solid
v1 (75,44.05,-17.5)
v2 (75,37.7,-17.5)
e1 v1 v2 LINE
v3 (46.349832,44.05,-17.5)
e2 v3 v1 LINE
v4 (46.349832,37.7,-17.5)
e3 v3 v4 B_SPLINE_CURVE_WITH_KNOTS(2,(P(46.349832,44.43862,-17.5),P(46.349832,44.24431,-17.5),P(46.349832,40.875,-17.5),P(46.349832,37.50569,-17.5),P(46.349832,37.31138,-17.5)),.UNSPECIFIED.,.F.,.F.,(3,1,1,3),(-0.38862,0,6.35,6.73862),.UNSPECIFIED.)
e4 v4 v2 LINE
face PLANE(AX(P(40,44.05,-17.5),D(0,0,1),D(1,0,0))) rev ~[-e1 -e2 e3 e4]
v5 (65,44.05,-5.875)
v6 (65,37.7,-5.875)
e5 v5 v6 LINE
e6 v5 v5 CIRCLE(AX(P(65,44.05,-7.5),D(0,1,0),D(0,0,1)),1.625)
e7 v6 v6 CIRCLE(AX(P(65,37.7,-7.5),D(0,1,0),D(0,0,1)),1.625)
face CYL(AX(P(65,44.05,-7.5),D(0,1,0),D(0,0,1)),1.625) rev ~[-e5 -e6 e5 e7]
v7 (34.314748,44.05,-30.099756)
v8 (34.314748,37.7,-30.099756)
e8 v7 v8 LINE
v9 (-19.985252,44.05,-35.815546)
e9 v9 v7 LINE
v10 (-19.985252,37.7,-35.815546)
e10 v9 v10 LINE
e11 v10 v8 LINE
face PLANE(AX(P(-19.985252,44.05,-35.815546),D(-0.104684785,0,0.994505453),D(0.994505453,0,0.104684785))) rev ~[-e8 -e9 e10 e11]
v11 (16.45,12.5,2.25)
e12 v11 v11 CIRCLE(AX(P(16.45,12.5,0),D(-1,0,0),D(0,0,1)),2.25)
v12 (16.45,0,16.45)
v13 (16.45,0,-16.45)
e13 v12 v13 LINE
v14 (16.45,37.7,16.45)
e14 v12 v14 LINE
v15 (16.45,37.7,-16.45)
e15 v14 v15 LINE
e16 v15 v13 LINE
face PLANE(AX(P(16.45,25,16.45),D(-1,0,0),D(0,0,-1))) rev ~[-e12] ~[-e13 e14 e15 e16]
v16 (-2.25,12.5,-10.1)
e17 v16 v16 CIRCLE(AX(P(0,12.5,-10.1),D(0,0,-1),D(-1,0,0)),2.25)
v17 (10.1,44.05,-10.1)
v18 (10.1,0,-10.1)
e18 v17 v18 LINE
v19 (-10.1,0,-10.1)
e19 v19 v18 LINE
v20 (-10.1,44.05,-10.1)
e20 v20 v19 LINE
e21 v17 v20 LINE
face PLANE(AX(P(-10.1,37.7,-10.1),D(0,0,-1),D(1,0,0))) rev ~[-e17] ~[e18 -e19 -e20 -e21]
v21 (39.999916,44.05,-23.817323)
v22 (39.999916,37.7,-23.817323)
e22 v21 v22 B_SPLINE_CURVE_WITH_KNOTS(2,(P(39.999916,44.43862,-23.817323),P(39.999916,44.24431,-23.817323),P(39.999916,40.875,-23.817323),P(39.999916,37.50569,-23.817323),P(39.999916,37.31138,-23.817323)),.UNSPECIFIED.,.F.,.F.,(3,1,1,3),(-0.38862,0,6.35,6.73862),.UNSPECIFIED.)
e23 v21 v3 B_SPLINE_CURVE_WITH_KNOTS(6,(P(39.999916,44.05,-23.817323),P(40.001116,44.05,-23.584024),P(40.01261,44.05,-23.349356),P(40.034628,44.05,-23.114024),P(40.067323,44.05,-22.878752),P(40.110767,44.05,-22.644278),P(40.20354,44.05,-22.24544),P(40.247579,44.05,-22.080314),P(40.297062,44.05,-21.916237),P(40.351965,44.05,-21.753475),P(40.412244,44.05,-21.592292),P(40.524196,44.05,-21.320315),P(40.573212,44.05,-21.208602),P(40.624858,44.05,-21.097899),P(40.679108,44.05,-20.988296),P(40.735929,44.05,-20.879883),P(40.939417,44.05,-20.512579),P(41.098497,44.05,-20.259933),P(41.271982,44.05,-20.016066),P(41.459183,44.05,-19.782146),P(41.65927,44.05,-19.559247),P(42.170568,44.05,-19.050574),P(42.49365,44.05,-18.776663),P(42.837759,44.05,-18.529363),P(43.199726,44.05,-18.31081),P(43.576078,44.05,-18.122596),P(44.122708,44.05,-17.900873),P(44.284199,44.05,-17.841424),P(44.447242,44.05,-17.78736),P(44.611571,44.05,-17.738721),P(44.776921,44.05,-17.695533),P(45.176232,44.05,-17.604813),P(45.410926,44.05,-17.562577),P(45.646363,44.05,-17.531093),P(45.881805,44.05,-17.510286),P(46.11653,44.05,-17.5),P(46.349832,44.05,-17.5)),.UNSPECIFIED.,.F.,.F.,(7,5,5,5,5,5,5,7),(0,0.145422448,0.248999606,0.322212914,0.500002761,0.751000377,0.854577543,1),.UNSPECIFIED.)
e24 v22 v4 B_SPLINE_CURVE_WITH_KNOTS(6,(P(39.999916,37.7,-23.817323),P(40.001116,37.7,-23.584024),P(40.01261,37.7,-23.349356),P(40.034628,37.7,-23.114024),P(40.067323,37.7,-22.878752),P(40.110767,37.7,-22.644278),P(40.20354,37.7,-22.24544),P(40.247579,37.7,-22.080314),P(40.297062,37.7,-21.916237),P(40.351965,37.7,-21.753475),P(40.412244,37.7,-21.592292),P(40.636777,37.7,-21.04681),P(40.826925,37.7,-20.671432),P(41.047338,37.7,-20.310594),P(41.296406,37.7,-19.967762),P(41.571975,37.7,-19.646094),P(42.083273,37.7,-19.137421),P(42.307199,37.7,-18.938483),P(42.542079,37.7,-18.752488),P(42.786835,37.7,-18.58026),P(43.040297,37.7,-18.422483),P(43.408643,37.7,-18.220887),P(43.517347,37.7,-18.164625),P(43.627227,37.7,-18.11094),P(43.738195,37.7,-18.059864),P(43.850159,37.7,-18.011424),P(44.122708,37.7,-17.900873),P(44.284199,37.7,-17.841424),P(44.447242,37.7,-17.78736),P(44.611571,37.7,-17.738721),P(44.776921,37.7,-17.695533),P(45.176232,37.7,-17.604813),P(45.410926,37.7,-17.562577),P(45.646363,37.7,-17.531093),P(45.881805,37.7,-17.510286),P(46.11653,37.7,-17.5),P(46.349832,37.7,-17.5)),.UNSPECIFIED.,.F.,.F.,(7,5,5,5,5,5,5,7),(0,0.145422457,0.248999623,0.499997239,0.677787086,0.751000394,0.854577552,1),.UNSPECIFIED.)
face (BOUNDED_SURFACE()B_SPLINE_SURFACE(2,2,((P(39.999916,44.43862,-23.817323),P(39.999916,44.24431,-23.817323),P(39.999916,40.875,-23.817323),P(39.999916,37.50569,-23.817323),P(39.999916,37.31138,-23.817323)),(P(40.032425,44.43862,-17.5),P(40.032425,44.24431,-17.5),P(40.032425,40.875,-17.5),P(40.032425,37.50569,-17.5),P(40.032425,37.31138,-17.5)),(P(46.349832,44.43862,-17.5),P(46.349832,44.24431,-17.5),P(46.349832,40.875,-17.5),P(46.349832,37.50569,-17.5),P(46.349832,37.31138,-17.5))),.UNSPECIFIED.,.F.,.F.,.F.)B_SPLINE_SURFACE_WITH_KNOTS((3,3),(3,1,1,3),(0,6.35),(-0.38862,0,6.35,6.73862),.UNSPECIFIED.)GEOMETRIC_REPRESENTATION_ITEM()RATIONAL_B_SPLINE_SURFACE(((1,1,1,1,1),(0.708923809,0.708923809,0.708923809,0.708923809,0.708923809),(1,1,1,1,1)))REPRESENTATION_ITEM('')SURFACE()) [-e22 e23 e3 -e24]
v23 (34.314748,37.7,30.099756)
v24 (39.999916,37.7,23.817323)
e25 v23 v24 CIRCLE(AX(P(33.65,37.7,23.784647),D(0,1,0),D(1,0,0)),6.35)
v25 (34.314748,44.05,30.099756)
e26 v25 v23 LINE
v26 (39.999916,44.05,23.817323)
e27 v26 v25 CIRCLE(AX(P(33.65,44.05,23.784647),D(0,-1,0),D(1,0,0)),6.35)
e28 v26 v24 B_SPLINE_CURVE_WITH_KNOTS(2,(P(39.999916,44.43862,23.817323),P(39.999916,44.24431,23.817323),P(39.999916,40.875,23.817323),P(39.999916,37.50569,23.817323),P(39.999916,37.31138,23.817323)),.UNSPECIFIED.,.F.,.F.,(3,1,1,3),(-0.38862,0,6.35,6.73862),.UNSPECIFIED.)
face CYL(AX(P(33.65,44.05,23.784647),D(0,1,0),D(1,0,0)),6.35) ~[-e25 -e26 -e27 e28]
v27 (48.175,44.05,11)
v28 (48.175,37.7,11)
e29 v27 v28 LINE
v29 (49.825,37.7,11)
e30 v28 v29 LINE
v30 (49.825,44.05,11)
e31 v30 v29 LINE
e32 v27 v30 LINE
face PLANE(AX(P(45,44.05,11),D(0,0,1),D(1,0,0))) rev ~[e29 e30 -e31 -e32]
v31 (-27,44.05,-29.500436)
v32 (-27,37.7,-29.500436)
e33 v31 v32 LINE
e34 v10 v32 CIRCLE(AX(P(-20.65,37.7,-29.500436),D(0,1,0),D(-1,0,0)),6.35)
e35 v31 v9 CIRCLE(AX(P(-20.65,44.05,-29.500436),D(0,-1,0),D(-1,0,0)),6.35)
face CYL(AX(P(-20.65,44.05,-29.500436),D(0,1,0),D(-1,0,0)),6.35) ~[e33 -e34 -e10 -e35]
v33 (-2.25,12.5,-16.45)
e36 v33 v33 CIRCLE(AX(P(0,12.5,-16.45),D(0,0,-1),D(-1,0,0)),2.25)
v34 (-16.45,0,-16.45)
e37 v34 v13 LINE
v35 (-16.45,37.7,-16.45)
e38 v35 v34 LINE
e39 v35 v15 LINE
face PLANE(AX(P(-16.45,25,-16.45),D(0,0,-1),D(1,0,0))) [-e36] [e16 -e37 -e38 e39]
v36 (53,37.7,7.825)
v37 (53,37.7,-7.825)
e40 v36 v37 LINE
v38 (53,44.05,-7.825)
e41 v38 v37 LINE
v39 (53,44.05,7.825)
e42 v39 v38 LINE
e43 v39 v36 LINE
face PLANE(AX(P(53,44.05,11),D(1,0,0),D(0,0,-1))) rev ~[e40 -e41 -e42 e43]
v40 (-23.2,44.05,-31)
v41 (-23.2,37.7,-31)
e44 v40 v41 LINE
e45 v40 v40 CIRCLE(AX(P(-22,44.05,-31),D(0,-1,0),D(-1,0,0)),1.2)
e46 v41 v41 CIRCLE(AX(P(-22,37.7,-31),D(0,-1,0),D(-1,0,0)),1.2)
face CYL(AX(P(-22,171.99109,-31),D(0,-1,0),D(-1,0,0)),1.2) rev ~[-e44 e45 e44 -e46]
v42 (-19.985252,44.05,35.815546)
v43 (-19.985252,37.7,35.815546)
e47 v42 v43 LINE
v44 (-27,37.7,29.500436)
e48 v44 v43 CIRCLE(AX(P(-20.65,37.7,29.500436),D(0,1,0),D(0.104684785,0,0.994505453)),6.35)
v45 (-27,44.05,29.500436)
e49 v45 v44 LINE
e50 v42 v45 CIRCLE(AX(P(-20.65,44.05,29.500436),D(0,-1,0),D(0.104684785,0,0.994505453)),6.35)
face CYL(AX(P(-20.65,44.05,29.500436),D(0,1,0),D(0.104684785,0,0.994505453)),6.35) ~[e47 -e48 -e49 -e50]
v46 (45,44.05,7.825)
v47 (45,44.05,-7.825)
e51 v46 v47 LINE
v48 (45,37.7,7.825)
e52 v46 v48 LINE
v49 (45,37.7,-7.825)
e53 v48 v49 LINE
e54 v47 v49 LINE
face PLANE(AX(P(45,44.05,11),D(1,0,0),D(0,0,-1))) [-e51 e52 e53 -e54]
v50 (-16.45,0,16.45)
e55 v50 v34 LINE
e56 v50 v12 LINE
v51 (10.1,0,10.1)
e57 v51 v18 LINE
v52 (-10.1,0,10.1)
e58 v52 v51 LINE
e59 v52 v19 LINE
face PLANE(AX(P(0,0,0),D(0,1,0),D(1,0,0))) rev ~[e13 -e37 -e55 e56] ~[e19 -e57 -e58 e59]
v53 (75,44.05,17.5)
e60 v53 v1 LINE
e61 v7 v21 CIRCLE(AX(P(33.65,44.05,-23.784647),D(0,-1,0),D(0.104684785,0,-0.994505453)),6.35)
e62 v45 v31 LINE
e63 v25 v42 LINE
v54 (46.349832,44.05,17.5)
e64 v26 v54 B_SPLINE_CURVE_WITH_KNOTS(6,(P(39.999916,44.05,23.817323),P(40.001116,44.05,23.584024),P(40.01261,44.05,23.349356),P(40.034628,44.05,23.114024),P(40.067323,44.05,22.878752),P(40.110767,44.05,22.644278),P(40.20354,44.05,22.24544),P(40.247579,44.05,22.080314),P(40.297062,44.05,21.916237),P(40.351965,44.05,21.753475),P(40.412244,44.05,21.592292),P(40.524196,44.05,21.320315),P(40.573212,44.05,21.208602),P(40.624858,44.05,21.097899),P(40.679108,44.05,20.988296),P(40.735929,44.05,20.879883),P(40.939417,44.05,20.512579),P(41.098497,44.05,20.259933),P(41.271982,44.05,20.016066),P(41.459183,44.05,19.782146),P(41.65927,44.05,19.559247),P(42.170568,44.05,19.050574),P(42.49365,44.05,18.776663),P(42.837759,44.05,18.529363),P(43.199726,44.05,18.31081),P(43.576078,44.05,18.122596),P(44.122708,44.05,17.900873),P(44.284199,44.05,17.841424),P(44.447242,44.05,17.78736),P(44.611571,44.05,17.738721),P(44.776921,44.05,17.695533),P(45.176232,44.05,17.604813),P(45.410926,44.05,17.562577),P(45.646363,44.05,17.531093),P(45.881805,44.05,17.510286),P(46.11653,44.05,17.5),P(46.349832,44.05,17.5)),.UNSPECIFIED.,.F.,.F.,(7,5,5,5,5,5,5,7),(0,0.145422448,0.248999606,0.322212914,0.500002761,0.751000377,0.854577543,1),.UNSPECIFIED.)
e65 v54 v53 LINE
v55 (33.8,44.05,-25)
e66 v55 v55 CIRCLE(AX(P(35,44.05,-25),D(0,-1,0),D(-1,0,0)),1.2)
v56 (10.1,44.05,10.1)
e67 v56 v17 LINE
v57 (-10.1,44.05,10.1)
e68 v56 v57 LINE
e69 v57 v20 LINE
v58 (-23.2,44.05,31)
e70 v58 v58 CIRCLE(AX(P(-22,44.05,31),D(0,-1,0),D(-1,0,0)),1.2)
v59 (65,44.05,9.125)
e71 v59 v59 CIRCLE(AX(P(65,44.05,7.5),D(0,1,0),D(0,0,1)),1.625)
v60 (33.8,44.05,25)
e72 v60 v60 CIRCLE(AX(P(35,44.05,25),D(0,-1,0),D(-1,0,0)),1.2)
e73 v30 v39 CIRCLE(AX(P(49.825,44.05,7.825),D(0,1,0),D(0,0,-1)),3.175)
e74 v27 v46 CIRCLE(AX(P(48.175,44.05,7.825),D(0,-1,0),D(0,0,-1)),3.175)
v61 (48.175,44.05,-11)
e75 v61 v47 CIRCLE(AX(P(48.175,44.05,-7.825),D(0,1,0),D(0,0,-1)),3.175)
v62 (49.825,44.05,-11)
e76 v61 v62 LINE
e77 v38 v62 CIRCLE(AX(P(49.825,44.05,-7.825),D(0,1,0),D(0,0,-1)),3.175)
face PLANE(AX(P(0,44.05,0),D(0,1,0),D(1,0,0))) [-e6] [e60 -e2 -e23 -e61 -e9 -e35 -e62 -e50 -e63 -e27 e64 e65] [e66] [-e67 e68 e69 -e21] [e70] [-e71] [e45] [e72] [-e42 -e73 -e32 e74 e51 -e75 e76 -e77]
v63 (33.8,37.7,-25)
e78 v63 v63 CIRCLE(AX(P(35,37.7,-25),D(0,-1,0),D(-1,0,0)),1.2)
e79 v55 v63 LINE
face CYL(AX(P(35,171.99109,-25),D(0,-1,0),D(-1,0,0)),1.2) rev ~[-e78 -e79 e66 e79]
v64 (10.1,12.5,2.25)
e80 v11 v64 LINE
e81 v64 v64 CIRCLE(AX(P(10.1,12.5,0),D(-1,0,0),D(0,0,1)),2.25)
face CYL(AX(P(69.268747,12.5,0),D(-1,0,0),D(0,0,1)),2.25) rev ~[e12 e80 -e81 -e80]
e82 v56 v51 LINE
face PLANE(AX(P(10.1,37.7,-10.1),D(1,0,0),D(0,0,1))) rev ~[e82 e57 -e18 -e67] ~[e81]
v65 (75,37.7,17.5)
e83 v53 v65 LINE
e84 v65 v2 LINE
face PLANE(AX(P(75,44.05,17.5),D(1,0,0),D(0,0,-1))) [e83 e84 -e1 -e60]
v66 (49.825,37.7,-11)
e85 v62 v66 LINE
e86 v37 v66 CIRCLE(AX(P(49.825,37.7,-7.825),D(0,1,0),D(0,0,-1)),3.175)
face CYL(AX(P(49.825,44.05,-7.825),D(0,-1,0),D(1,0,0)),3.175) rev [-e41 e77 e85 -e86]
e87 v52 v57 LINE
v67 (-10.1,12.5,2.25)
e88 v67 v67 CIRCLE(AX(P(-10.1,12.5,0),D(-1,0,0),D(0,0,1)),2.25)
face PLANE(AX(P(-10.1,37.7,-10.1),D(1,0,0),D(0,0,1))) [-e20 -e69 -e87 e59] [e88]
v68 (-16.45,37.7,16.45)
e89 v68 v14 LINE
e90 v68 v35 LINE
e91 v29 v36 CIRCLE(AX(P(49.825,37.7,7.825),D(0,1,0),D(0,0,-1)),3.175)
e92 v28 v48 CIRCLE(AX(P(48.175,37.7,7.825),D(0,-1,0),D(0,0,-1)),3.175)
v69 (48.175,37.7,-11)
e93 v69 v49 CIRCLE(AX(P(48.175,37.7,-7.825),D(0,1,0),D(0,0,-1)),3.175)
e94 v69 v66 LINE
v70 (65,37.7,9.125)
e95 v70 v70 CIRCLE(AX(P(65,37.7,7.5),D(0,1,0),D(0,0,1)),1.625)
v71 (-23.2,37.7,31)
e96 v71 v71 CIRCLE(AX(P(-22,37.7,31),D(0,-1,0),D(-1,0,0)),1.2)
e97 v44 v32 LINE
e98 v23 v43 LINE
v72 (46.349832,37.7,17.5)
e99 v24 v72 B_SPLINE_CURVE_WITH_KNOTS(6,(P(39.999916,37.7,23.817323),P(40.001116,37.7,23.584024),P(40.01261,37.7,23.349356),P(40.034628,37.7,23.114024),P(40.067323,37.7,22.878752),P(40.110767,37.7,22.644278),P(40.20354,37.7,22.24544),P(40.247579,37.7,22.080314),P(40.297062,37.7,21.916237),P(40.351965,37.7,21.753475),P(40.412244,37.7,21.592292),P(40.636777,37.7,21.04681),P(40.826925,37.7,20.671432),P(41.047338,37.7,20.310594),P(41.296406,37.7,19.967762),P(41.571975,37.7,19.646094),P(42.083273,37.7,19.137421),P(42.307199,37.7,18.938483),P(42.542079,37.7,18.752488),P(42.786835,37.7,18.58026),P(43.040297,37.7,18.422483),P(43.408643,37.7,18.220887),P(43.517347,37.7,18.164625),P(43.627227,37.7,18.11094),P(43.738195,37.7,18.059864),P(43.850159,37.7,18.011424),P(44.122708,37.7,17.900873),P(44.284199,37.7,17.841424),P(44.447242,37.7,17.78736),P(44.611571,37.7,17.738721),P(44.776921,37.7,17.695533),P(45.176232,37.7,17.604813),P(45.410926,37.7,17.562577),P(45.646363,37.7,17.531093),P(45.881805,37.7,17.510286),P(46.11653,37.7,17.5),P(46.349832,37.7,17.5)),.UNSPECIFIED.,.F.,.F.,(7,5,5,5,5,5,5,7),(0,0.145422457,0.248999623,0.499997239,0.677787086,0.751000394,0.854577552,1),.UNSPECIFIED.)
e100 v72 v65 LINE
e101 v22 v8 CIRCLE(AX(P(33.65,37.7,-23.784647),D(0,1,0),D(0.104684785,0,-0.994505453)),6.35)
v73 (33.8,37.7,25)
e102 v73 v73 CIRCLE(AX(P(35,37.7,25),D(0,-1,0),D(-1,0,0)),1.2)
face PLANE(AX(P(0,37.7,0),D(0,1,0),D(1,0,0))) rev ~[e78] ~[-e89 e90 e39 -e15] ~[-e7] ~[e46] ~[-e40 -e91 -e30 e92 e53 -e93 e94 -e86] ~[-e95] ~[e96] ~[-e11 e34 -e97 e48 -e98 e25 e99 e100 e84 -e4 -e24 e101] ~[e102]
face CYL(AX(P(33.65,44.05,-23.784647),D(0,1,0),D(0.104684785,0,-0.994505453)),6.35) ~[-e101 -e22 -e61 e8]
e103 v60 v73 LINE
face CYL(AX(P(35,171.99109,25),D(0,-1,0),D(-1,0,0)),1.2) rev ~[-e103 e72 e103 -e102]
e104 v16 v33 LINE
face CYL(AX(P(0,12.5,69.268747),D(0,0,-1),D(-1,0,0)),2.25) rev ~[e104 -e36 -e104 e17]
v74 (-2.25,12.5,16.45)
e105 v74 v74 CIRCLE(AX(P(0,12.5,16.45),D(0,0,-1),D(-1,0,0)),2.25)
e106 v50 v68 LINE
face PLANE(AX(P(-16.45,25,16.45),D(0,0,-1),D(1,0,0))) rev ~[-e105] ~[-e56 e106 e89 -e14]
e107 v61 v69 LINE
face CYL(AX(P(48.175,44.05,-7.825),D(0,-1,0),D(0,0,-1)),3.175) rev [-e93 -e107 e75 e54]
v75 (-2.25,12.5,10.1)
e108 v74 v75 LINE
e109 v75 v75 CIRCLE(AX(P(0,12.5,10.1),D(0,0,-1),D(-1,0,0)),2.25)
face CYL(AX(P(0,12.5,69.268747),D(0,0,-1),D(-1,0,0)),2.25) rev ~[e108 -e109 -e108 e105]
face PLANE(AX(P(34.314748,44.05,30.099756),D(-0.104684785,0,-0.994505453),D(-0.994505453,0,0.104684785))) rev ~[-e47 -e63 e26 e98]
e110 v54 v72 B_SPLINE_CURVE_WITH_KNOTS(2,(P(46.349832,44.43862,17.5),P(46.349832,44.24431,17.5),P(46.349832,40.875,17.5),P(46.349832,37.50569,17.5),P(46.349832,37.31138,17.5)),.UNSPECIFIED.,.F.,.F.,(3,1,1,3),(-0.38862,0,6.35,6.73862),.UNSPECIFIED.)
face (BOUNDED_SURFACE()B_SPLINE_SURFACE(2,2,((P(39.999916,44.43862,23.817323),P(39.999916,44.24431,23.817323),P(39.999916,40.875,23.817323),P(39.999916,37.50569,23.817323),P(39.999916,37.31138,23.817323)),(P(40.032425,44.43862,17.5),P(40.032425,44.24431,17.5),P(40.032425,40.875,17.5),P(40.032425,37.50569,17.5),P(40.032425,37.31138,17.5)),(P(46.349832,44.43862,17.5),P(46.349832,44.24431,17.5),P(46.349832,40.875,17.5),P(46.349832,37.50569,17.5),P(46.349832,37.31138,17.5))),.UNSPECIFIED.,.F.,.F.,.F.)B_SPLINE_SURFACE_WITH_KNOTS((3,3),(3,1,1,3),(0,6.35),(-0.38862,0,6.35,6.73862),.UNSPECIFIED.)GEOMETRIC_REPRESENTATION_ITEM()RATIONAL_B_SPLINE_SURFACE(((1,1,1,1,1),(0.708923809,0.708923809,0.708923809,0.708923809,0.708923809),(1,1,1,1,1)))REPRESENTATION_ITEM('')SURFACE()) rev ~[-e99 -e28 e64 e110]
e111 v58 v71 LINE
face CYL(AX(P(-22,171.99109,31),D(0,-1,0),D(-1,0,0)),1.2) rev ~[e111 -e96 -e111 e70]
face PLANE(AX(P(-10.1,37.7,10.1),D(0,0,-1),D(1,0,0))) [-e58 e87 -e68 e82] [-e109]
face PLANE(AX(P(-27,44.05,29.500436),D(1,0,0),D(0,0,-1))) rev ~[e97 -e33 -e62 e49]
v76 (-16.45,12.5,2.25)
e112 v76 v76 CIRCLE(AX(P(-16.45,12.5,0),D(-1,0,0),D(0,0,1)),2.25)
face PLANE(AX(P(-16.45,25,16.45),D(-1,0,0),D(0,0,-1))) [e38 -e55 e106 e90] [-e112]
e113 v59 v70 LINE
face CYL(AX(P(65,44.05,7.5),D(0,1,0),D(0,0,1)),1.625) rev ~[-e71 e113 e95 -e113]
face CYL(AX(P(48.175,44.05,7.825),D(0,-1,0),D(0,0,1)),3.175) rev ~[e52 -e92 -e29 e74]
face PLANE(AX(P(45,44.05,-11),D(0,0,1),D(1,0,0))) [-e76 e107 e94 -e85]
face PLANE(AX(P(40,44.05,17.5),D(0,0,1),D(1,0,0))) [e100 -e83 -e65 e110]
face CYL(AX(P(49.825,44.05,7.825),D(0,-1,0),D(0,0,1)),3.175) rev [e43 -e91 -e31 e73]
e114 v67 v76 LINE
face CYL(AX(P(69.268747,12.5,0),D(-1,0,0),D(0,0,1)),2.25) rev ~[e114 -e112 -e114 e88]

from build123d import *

# Parameters (mm, degrees)
SKETCH1_W            = 32.9
SKETCH1_H            = 32.9
SKETCH1_W_2          = 20.2
SKETCH1_H_2          = 20.2
BOSS_EXTRUDE1_DEPTH  = 25
M4_CLEARANCE_HOLE1_D = 4.5
M4_CLEARANCE_HOLE2_D = 4.5
SKETCH8_W            = 32.9
SKETCH8_H            = 32.9
SKETCH8_W_2          = 20.2
SKETCH8_H_2          = 20.2
BOSS_EXTRUDE2_DEPTH  = 12.7
SKETCH9_W            = 87.4
SKETCH9_H            = 82.4
BOSS_EXTRUDE3_DEPTH  = 6.35
M2_CLEARANCE_HOLE1_D = 2.4
SKETCH13_W           = 20.2
SKETCH13_H           = 20.2
CUT_EXTRUDE1_DEPTH   = 71.911353111
SKETCH14_W           = 87.4
SKETCH14_H           = 82.4
CUT_EXTRUDE2_DEPTH   = 75.481759512
SKETCH15_W           = 35
SKETCH15_H           = 35
SKETCH15_R           = 1.625
BOSS_EXTRUDE4_DEPTH  = 6.35
FILLET1_R            = 6.35
SKETCH16_W           = 8
SKETCH16_H           = 22
CUT_EXTRUDE3_DEPTH   = 95.077926699
FILLET2_R            = 3.175


with BuildPart() as part:
    # Sketch1 → Boss-Extrude1 (new body)
    with BuildSketch(Plane(origin=(0, 0, 0), x_dir=(1, 0, 0), z_dir=(0, 1, 0))):
        Rectangle(SKETCH1_W, SKETCH1_H)
        Rectangle(SKETCH1_W_2, SKETCH1_H_2, mode=Mode.SUBTRACT)
    extrude(amount=BOSS_EXTRUDE1_DEPTH)

    # M4 Clearance Hole1 (through all)
    with Locations(Plane.XY.offset(16.45)):
        with Locations((0, 12.5)):
            Hole(M4_CLEARANCE_HOLE1_D / 2)

    # M4 Clearance Hole2 (through all)
    with Locations(Plane(origin=(16.45, 0, 0), x_dir=(0, 0, -1), z_dir=(1, 0, 0))):
        with Locations((0, 12.5)):
            Hole(M4_CLEARANCE_HOLE2_D / 2)

    # Sketch8 → Boss-Extrude2 (add)
    with BuildSketch(Plane(origin=(0, 25, 0), x_dir=(1, 0, 0), z_dir=(0, 1, 0))):
        Rectangle(SKETCH8_W, SKETCH8_H)
        Rectangle(SKETCH8_W_2, SKETCH8_H_2, mode=Mode.SUBTRACT)
    extrude(amount=BOSS_EXTRUDE2_DEPTH)

    # Sketch9 → Boss-Extrude3 (add)
    with BuildSketch(Plane(origin=(0, 37.7, 0), x_dir=(1, 0, 0), z_dir=(0, 1, 0))):
        Rectangle(SKETCH9_W, SKETCH9_H)
    extrude(amount=BOSS_EXTRUDE3_DEPTH)

    # M2 Clearance Hole1 (through all)
    with Locations(Plane(origin=(0, 44.05, 0), x_dir=(1, 0, 0), z_dir=(0, 1, 0))):
        with Locations((35, -25), (-22, -31), (-22, 31), (35, 25)):
            Hole(M2_CLEARANCE_HOLE1_D / 2)

    # Sketch13 → Cut-Extrude1 (cut, through all)
    with BuildSketch(Plane.XZ.offset(-37.7)):
        Rectangle(SKETCH13_W, SKETCH13_H)
    extrude(amount=-CUT_EXTRUDE1_DEPTH, mode=Mode.SUBTRACT)

    # Sketch14 → Cut-Extrude2 (cut, through all)
    with BuildSketch(Plane(origin=(0, 44.05, 0), x_dir=(1, 0, 0), z_dir=(0, 1, 0))):
        Rectangle(SKETCH14_W, SKETCH14_H)
        with BuildLine():
            Line((40, 23.784646643), (40, -23.784646643))
            ThreePointArc((40, -23.784646643), (38.369303562, -28.033255108), (34.314748382, -30.099756269))
            Line((34.314748382, -30.099756269), (-19.985251618, -35.815545743))
            ThreePointArc((-19.985251618, -35.815545743), (-24.898608465, -34.219739679), (-27, -29.500436117))
            Line((-27, -29.500436117), (-27, 29.500436117))
            ThreePointArc((-27, 29.500436117), (-24.898608465, 34.219739679), (-19.985251618, 35.815545743))
            Line((-19.985251618, 35.815545743), (34.314748382, 30.099756269))
            ThreePointArc((34.314748382, 30.099756269), (38.369303562, 28.033255108), (40, 23.784646643))
        make_face(mode=Mode.SUBTRACT)
    extrude(amount=-CUT_EXTRUDE2_DEPTH, mode=Mode.SUBTRACT)

    # Sketch15 → Boss-Extrude4 (add)
    with BuildSketch(Plane(origin=(0, 44.05, 0), x_dir=(1, 0, 0), z_dir=(0, 1, 0))):
        with Locations((57.5, 0)):
            Rectangle(SKETCH15_W, SKETCH15_H)
        with Locations(Location((65, 7.5, 0), (0, 0, 270))):
            Circle(SKETCH15_R, mode=Mode.SUBTRACT)
        with Locations(Location((65, -7.5, 0), (0, 0, 270))):
            Circle(SKETCH15_R, mode=Mode.SUBTRACT)
    extrude(amount=-BOSS_EXTRUDE4_DEPTH)

    # Fillet1
    fillet1_edges = [part.edges().sort_by_distance(p)[0] for p in [
        (40, 40.875, 17.5),
        (40, 40.875, -17.5),
    ]]
    fillet(fillet1_edges, radius=FILLET1_R)

    # Sketch16 → Cut-Extrude3 (cut, through all)
    with BuildSketch(Plane(origin=(0, 44.05, 0), x_dir=(1, 0, 0), z_dir=(0, 1, 0))):
        with Locations((49, 0)):
            Rectangle(SKETCH16_W, SKETCH16_H)
    extrude(amount=-CUT_EXTRUDE3_DEPTH, mode=Mode.SUBTRACT)

    # Fillet2
    fillet2_edges = [part.edges().sort_by_distance(p)[0] for p in [
        (45, 40.875, 11),
        (45, 40.875, -11),
        (53, 40.875, -11),
        (53, 40.875, 11),
    ]]
    fillet(fillet2_edges, radius=FILLET2_R)


solid = part.part
